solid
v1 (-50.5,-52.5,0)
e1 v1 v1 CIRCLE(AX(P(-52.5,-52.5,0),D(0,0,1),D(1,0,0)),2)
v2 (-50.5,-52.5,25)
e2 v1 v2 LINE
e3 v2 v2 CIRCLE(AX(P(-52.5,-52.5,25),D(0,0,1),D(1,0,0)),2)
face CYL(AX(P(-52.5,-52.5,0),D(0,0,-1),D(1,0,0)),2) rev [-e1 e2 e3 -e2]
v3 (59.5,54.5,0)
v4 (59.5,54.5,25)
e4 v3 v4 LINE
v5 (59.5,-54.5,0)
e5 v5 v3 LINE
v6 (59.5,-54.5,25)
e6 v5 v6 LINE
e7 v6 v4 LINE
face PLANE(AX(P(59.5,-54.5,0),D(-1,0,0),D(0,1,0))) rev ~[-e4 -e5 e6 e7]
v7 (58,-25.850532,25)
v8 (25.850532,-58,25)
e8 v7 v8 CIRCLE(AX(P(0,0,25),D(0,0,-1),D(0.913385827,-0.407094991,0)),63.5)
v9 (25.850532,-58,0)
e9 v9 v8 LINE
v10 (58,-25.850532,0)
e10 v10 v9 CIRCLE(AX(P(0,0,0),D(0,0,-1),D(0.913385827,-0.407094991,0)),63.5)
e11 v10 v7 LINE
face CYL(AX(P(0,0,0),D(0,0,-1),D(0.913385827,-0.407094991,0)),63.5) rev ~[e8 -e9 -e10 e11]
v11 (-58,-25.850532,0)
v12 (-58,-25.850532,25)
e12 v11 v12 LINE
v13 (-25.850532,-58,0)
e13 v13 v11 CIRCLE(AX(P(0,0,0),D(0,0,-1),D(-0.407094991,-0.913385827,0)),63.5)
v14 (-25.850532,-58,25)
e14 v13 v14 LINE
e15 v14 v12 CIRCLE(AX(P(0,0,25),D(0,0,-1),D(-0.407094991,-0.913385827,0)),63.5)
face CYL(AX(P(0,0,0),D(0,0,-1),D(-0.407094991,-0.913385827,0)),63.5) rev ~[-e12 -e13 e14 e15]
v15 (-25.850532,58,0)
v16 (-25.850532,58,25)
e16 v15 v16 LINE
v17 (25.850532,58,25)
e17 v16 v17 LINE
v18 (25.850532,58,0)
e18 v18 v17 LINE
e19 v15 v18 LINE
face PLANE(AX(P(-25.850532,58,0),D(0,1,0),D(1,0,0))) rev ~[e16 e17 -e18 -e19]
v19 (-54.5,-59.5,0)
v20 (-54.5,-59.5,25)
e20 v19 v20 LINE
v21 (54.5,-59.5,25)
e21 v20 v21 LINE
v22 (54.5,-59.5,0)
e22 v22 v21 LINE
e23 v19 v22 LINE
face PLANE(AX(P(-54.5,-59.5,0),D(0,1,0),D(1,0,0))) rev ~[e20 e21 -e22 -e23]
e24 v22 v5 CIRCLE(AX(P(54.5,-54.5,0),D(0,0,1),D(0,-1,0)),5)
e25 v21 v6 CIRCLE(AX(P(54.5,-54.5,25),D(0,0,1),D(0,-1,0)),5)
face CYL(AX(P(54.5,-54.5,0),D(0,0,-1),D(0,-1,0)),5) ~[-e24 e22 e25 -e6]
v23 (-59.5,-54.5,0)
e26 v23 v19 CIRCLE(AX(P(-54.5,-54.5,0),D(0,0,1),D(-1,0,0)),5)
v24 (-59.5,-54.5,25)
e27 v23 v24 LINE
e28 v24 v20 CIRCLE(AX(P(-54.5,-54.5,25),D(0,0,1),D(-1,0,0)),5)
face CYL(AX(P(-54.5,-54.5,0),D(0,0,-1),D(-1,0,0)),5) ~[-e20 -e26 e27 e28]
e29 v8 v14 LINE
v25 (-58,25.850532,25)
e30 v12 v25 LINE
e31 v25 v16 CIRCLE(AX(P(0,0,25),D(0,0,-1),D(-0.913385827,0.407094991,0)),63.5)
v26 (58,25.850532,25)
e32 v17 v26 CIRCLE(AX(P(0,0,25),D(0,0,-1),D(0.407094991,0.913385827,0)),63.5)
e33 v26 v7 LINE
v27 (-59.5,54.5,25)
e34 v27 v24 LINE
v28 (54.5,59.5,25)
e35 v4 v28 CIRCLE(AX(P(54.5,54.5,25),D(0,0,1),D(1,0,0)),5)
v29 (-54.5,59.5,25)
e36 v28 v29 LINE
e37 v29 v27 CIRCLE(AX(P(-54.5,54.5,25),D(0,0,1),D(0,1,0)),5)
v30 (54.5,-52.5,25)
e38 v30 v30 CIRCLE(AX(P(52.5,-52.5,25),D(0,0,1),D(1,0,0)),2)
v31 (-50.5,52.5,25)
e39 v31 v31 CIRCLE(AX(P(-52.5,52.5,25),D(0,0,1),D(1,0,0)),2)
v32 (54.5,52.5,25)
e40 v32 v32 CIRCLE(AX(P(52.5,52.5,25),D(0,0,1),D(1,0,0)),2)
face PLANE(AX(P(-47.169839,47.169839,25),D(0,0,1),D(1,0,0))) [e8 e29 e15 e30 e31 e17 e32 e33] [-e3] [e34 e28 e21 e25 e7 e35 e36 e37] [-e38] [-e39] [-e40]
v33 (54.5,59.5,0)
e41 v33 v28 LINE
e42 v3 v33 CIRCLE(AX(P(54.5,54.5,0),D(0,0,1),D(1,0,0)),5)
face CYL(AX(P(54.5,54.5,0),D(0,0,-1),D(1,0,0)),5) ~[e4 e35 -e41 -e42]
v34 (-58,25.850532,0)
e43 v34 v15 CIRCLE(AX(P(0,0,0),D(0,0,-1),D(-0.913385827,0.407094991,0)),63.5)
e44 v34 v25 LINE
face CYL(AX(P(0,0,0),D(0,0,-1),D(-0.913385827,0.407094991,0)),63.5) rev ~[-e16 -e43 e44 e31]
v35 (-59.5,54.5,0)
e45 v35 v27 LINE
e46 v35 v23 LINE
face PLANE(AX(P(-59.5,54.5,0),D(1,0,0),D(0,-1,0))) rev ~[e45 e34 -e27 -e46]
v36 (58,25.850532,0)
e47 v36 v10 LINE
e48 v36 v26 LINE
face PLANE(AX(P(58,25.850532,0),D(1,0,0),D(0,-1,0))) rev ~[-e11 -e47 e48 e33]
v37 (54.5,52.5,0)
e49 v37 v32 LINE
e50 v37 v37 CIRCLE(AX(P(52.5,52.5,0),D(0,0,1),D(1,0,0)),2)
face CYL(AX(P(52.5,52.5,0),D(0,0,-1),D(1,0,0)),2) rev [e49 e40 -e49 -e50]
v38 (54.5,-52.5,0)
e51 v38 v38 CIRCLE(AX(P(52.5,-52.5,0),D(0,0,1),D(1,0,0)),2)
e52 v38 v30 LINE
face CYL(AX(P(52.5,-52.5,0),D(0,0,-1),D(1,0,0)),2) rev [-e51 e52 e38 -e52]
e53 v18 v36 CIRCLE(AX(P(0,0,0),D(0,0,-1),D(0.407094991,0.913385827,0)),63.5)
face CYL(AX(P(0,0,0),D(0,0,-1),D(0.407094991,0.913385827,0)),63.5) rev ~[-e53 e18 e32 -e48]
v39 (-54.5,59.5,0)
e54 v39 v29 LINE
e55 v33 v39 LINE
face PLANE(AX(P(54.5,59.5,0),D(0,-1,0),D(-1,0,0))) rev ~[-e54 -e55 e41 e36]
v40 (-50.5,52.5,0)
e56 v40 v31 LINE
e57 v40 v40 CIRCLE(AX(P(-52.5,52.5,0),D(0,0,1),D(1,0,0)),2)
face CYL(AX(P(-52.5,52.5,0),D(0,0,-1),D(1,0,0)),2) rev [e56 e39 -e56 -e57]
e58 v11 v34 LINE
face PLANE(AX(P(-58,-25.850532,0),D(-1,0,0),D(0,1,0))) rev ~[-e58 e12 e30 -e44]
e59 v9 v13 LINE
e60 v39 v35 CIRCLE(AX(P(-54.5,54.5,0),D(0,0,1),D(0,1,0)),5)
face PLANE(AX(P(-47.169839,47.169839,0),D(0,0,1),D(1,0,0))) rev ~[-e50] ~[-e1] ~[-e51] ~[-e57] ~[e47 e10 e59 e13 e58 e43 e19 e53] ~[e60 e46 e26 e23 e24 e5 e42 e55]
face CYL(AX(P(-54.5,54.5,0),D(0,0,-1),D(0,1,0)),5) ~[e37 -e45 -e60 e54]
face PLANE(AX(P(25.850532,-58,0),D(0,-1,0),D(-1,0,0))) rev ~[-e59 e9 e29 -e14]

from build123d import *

# Parameters (mm, degrees)
F0_R     = 2
F1_DEPTH = 25


with BuildPart() as f1:
    # F0 (on Top) → F1 (new body)
    with BuildSketch(Plane.XY):
        with BuildLine():
            Line((-58, 54.5), (-58, 25.8505319094))
            ThreePointArc((-58, 25.8505319094), (-44.9012806053, 44.9012806053), (-25.8505319094, 58))
            Line((-25.8505319094, 58), (-54.5, 58))
            ThreePointArc((-54.5, 58), (-56.9748737342, 56.9748737342), (-58, 54.5))
        make_face()
        with Locations((-52.5, 52.5)):
            Circle(F0_R, mode=Mode.SUBTRACT)
        with BuildLine():
            Line((-59.5, 54.5), (-59.5, 22.1810730128))
            ThreePointArc((-59.5, 22.1810730128), (-58.7786418025, 24.0275106462), (-58, 25.8505319094))
            Line((-58, 25.8505319094), (-58, 54.5))
            ThreePointArc((-58, 54.5), (-56.9748737342, 56.9748737342), (-54.5, 58))
            Line((-54.5, 58), (-25.8505319094, 58))
            ThreePointArc((-25.8505319094, 58), (-24.0275106462, 58.7786418025), (-22.1810730128, 59.5))
            Line((-22.1810730128, 59.5), (-54.5, 59.5))
            ThreePointArc((-54.5, 59.5), (-58.0355339059, 58.0355339059), (-59.5, 54.5))
        make_face()
        with BuildLine():
            Line((-59.5, 22.1810730128), (-59.5, -22.1810730128))
            ThreePointArc((-59.5, -22.1810730128), (-58.7786418025, -24.0275106462), (-58, -25.8505319094))
            Line((-58, -25.8505319094), (-58, 1.571e-07))
            Line((-58, 1.571e-07), (-58, 25.8505319094))
            ThreePointArc((-58, 25.8505319094), (-58.7786418025, 24.0275106462), (-59.5, 22.1810730128))
        make_face()
        with BuildLine():
            ThreePointArc((-59.5, -54.5), (-58.0355339059, -58.0355339059), (-54.5, -59.5))
            Line((-54.5, -59.5), (-22.1810730128, -59.5))
            ThreePointArc((-22.1810730128, -59.5), (-24.0275106462, -58.7786418025), (-25.8505319094, -58))
            Line((-25.8505319094, -58), (-54.5, -58))
            ThreePointArc((-54.5, -58), (-56.9748737342, -56.9748737342), (-58, -54.5))
            Line((-58, -54.5), (-58, -25.8505319094))
            ThreePointArc((-58, -25.8505319094), (-58.7786418025, -24.0275106462), (-59.5, -22.1810730128))
            Line((-59.5, -22.1810730128), (-59.5, -54.5))
        make_face()
        with BuildLine():
            Line((-25.8505319094, 58), (-9.82e-08, 58))
            Line((-9.82e-08, 58), (25.8505319094, 58))
            ThreePointArc((25.8505319094, 58), (24.0275106462, 58.7786418025), (22.1810730128, 59.5))
            Line((22.1810730128, 59.5), (-22.1810730128, 59.5))
            ThreePointArc((-22.1810730128, 59.5), (-24.0275106462, 58.7786418025), (-25.8505319094, 58))
        make_face()
        with BuildLine():
            Line((58, 54.5), (58, 25.8505319094))
            ThreePointArc((58, 25.8505319094), (58.7786418025, 24.0275106462), (59.5, 22.1810730128))
            Line((59.5, 22.1810730128), (59.5, 54.5))
            ThreePointArc((59.5, 54.5), (58.0355339059, 58.0355339059), (54.5, 59.5))
            Line((54.5, 59.5), (22.1810730128, 59.5))
            ThreePointArc((22.1810730128, 59.5), (24.0275106462, 58.7786418025), (25.8505319094, 58))
            Line((25.8505319094, 58), (54.5, 58))
            ThreePointArc((54.5, 58), (56.9748737342, 56.9748737342), (58, 54.5))
        make_face()
        with BuildLine():
            ThreePointArc((25.8505319094, 58), (44.9012806053, 44.9012806053), (58, 25.8505319094))
            Line((58, 25.8505319094), (58, 54.5))
            ThreePointArc((58, 54.5), (56.9748737342, 56.9748737342), (54.5, 58))
            Line((54.5, 58), (25.8505319094, 58))
        make_face()
        with Locations((52.5, 52.5)):
            Circle(F0_R, mode=Mode.SUBTRACT)
        with BuildLine():
            Line((58, 0), (58, -25.8505319094))
            ThreePointArc((58, -25.8505319094), (58.7786418025, -24.0275106462), (59.5, -22.1810730128))
            Line((59.5, -22.1810730128), (59.5, 22.1810730128))
            ThreePointArc((59.5, 22.1810730128), (58.7786418025, 24.0275106462), (58, 25.8505319094))
            Line((58, 25.8505319094), (58, 0))
        make_face()
        with BuildLine():
            ThreePointArc((25.8505319094, -58), (24.0275106462, -58.7786418025), (22.1810730128, -59.5))
            Line((22.1810730128, -59.5), (54.5, -59.5))
            ThreePointArc((54.5, -59.5), (58.0355339059, -58.0355339059), (59.5, -54.5))
            Line((59.5, -54.5), (59.5, -22.1810730128))
            ThreePointArc((59.5, -22.1810730128), (58.7786418025, -24.0275106462), (58, -25.8505319094))
            Line((58, -25.8505319094), (58, -54.5))
            ThreePointArc((58, -54.5), (56.9748737342, -56.9748737342), (54.5, -58))
            Line((54.5, -58), (25.8505319094, -58))
        make_face()
        with BuildLine():
            ThreePointArc((-25.8505319094, -58), (-24.0275106462, -58.7786418025), (-22.1810730128, -59.5))
            Line((-22.1810730128, -59.5), (22.1810730128, -59.5))
            ThreePointArc((22.1810730128, -59.5), (24.0275106462, -58.7786418025), (25.8505319094, -58))
            Line((25.8505319094, -58), (-1.602e-07, -58))
            Line((-1.602e-07, -58), (-25.8505319094, -58))
        make_face()
        with BuildLine():
            ThreePointArc((58, -25.8505319094), (44.9012806053, -44.9012806053), (25.8505319094, -58))
            Line((25.8505319094, -58), (54.5, -58))
            ThreePointArc((54.5, -58), (56.9748737342, -56.9748737342), (58, -54.5))
            Line((58, -54.5), (58, -25.8505319094))
        make_face()
        with Locations((52.5, -52.5)):
            Circle(F0_R, mode=Mode.SUBTRACT)
        with BuildLine():
            Line((-54.5, -58), (-25.8505319094, -58))
            ThreePointArc((-25.8505319094, -58), (-44.9012806053, -44.9012806053), (-58, -25.8505319094))
            Line((-58, -25.8505319094), (-58, -54.5))
            ThreePointArc((-58, -54.5), (-56.9748737342, -56.9748737342), (-54.5, -58))
        make_face()
        with Locations((-52.5, -52.5)):
            Circle(F0_R, mode=Mode.SUBTRACT)
    extrude(amount=F1_DEPTH)


solid = f1.part
